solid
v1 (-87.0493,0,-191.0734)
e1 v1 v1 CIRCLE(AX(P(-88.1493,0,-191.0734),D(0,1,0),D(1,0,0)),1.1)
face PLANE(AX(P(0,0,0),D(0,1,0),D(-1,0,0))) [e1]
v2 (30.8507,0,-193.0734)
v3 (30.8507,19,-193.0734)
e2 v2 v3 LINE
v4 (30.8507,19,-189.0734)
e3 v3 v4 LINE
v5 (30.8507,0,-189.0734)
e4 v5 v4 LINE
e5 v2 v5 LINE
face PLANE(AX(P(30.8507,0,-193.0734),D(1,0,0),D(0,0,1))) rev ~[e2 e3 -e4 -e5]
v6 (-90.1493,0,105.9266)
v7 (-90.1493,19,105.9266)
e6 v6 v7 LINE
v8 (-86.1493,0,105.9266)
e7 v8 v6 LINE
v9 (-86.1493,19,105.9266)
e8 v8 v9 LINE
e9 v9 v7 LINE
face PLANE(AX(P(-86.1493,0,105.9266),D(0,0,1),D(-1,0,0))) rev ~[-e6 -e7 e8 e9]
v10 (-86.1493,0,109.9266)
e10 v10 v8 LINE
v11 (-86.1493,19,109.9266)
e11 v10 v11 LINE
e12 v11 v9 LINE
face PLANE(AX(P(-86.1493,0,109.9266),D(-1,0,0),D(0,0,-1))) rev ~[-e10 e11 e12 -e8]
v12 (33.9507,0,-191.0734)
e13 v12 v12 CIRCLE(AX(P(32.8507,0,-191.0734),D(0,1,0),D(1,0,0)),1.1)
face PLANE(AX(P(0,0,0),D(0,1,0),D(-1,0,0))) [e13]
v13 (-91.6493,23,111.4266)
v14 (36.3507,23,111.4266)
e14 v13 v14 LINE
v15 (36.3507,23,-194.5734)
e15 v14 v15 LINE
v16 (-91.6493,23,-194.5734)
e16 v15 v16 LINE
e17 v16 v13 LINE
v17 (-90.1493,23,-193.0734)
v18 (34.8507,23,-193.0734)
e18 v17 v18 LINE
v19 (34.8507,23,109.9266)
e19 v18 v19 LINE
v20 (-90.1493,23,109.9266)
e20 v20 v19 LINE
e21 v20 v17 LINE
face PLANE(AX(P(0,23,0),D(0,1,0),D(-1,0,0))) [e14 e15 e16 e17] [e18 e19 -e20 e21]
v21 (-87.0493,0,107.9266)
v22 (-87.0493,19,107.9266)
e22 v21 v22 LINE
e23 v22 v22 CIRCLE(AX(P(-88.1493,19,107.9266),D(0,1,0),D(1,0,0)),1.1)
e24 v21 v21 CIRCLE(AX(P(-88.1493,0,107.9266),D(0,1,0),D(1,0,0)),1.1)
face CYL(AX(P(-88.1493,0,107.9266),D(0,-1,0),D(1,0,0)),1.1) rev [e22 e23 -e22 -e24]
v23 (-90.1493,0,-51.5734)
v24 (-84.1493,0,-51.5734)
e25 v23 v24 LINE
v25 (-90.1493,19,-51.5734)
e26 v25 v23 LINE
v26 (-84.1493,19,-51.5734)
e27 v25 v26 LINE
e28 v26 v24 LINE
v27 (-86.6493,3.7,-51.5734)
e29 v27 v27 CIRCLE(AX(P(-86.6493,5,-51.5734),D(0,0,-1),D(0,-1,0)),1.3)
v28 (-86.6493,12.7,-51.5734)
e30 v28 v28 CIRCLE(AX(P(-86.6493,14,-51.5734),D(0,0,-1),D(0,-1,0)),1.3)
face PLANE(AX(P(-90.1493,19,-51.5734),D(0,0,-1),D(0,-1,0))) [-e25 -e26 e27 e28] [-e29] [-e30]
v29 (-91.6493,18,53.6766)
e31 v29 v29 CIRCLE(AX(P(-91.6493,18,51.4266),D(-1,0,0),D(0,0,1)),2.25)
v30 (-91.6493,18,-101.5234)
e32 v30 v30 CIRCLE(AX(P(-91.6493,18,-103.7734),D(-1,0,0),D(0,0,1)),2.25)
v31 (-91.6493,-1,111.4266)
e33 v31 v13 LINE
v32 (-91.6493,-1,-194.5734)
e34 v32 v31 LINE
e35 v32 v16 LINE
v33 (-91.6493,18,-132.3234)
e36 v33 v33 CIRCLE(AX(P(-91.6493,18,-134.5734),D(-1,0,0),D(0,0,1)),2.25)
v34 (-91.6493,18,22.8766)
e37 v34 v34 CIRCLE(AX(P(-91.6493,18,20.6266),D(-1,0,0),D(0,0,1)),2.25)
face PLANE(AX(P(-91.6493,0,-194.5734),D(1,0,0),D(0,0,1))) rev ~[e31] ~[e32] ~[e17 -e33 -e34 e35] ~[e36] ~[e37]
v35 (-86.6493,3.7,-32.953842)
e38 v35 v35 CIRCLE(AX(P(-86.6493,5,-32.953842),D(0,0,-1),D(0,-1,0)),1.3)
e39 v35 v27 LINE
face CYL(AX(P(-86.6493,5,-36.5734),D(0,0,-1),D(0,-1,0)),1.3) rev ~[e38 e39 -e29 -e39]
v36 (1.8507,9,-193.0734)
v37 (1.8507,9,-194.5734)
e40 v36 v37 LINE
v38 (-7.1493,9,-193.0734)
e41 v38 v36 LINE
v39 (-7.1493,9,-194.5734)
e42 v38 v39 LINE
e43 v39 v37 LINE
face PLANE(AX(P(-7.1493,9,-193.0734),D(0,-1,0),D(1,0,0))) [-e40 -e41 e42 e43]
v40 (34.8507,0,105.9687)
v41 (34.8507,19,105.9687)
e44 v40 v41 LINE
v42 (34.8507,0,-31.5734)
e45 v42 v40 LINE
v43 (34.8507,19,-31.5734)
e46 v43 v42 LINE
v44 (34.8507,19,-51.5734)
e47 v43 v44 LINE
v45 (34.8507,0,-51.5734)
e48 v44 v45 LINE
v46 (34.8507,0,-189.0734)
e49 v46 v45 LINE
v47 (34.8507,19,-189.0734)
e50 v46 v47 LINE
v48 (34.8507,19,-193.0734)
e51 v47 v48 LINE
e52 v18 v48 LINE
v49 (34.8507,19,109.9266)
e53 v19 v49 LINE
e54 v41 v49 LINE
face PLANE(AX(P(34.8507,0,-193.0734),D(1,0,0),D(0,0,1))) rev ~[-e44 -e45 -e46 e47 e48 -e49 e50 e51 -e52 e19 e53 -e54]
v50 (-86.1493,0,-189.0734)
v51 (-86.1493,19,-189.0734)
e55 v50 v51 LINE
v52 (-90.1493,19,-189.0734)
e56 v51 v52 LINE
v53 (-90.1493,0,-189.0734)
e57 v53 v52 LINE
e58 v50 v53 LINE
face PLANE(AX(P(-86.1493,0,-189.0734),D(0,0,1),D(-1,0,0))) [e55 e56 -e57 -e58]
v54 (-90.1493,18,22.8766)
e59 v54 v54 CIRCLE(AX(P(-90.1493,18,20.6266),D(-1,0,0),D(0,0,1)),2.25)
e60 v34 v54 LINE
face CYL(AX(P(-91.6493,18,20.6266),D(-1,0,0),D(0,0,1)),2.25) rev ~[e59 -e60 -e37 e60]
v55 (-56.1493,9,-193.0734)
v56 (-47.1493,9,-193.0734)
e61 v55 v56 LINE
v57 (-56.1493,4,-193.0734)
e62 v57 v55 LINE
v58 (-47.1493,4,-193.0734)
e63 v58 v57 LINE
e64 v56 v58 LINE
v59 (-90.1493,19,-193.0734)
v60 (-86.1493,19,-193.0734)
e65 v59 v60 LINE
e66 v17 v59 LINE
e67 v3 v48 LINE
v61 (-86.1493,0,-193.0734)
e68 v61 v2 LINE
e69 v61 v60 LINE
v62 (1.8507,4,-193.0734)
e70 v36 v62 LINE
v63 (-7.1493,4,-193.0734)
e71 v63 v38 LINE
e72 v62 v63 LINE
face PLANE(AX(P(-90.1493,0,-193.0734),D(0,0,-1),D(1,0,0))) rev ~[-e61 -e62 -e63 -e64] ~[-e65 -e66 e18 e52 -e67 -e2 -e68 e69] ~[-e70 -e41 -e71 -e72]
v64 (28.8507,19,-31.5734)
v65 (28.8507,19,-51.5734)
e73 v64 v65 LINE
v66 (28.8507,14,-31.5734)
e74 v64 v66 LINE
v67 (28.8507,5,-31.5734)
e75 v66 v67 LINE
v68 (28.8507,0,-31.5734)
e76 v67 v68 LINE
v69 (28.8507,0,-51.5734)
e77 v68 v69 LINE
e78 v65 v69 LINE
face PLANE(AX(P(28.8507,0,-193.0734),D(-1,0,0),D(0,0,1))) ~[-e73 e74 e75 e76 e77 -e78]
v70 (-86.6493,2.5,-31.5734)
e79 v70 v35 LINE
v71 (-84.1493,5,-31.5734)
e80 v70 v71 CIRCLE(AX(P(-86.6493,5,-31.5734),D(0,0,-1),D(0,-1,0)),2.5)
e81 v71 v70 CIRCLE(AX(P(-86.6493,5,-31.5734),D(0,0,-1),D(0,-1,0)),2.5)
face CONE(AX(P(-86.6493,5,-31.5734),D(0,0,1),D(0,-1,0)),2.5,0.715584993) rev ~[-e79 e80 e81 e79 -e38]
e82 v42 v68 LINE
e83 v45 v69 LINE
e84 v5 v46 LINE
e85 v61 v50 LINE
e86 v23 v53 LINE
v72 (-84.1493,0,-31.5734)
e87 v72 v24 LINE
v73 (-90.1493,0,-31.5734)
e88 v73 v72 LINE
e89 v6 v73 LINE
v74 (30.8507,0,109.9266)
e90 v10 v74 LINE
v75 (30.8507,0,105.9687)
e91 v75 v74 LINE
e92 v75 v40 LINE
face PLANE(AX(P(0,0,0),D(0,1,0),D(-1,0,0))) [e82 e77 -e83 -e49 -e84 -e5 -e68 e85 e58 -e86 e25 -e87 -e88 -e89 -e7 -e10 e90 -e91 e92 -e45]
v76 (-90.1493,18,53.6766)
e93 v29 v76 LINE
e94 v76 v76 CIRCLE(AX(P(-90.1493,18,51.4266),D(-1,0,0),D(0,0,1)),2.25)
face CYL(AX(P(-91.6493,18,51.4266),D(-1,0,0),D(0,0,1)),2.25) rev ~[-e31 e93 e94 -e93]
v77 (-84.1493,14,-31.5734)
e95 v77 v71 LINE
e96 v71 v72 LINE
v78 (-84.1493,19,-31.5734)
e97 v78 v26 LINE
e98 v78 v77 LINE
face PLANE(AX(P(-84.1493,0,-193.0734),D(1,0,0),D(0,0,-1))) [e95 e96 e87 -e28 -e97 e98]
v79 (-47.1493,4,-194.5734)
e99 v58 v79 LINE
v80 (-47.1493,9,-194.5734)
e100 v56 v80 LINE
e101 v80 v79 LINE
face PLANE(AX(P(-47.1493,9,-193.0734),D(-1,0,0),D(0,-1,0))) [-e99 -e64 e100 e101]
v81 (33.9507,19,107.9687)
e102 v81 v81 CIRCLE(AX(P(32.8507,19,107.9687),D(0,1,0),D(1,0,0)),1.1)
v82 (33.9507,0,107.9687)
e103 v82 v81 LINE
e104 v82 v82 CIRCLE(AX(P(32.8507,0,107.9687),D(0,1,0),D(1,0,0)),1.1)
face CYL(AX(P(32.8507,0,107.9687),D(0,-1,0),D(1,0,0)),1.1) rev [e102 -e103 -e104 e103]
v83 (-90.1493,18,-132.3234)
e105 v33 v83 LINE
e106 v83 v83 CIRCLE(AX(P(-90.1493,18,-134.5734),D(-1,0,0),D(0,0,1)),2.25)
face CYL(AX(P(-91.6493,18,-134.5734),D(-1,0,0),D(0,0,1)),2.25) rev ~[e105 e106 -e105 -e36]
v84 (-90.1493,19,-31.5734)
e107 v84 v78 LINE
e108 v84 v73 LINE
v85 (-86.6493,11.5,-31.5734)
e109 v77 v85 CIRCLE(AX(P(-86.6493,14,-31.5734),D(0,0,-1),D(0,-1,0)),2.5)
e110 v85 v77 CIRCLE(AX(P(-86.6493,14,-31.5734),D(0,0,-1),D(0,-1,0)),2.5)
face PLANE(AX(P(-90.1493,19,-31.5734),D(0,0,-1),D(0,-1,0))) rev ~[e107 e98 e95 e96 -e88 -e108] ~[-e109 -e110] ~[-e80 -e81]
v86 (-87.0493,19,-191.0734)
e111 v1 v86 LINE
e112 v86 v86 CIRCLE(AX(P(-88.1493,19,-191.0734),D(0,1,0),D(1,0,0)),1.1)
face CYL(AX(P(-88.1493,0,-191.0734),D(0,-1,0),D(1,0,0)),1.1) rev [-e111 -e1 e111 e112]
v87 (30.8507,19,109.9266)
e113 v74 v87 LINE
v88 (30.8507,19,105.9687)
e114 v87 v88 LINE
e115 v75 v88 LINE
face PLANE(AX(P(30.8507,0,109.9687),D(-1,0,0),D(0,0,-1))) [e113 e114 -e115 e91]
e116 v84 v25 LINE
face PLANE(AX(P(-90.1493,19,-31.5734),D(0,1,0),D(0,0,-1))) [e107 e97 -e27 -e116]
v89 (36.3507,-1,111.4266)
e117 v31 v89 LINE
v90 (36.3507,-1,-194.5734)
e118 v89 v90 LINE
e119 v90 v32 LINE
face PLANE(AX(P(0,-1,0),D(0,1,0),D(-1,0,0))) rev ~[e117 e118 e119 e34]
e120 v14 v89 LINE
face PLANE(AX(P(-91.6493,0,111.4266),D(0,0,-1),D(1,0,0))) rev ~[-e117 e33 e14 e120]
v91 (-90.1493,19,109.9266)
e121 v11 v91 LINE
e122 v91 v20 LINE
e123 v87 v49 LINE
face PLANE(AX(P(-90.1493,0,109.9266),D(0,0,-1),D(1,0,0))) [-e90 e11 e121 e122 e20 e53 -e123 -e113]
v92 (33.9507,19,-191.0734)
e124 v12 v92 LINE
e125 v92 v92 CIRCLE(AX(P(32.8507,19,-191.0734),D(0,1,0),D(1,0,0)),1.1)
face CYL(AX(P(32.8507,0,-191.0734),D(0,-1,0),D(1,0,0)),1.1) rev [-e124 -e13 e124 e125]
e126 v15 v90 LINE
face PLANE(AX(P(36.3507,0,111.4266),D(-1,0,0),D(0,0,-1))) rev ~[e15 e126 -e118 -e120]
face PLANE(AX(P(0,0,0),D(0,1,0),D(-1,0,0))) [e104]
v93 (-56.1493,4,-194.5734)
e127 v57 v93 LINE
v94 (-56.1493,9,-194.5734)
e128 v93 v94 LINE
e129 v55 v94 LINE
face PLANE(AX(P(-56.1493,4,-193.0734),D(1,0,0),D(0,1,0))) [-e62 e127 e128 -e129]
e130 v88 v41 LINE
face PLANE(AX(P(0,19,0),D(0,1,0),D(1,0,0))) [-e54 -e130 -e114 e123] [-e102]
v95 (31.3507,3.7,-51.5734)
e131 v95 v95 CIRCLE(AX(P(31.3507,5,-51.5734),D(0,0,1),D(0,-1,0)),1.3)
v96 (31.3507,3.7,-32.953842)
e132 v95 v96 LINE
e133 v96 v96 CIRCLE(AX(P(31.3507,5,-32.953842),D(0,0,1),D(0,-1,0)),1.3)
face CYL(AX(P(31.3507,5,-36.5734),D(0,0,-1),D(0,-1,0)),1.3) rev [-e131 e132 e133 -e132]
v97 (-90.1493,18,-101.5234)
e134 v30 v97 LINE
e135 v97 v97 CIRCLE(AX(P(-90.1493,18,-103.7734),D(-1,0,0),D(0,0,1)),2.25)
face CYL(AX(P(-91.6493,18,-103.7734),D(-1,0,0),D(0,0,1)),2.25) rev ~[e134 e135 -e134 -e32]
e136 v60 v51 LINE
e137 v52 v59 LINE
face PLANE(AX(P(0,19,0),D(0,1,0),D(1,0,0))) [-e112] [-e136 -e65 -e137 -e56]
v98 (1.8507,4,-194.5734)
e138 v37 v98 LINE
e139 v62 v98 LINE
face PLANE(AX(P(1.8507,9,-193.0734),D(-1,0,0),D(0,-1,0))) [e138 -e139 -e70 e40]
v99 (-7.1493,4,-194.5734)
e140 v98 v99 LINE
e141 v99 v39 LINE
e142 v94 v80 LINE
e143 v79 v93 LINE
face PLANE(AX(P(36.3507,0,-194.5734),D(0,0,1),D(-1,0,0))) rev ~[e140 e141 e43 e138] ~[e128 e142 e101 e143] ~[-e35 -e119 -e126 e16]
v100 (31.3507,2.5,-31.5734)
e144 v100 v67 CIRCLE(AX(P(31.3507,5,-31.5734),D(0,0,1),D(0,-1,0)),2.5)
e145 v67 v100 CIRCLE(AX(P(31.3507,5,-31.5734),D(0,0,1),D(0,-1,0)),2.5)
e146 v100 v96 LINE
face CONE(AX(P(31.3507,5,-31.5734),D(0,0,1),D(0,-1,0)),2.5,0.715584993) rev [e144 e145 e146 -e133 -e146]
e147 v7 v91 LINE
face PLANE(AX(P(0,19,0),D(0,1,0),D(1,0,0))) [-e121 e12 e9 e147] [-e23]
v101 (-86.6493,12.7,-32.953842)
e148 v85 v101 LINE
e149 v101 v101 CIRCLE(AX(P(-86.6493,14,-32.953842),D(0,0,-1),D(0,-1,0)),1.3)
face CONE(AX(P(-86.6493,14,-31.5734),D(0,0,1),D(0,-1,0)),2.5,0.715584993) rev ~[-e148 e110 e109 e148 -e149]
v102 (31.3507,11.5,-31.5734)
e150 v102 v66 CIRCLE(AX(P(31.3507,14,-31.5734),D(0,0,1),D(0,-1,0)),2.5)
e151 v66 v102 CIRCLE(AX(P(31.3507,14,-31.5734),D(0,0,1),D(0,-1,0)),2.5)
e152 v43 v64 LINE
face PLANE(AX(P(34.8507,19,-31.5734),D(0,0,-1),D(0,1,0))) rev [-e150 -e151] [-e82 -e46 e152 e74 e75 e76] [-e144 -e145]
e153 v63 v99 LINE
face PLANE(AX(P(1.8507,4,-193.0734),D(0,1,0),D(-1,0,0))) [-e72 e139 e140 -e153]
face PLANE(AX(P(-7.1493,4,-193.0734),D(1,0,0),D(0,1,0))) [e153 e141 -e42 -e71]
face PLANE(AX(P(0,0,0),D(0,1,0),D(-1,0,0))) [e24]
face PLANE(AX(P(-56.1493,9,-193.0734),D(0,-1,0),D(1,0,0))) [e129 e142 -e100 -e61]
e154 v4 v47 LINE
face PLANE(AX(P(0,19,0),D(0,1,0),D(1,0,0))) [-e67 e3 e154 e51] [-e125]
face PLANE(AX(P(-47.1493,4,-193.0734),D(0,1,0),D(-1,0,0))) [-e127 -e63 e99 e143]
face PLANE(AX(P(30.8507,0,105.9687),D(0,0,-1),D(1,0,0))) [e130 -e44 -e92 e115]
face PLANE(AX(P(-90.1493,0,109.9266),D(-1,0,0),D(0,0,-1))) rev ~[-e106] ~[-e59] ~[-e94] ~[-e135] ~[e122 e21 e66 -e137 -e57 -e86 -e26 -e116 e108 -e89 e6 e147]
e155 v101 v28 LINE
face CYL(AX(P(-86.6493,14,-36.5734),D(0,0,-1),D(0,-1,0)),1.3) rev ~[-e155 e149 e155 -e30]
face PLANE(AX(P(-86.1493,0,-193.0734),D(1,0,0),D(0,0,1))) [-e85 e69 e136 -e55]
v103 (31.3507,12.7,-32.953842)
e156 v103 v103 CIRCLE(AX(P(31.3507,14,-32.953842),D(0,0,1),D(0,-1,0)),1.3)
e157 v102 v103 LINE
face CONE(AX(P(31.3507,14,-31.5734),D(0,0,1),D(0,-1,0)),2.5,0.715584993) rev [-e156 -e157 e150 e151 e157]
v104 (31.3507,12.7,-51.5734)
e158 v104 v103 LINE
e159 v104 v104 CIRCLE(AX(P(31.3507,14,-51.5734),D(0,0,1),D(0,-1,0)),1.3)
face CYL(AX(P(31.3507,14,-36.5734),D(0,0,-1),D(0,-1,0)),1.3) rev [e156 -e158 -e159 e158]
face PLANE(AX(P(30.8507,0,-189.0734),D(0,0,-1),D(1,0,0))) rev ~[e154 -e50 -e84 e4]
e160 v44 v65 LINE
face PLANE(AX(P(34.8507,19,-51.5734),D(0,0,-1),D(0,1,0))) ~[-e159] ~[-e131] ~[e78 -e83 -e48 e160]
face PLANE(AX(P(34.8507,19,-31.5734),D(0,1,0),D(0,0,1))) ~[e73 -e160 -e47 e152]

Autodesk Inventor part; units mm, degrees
ref_plane "YZ Plane" through (0, 0, 0) normal (1, 0, 0) x (0, 1, 0)
ref_plane "XZ Plane" through (0, 0, 0) normal (0, 1, 0) x (-1, 0, 0)
ref_plane "XY Plane" through (0, 0, 0) normal (0, 0, 1) x (1, 0, 0)
sketch "Sketch1" plane through (0, 0, 0) normal (0, 1, 0) x (-1, 0, 0)
  line L0 (80.1493, 105.9266) -> (-24.8507, 105.9266) construction
  line L1 (-24.8507, 105.9266) -> (-24.8507, -189.0734) construction
  line L2 (-24.8507, -189.0734) -> (80.1493, -189.0734) construction
  line L3 (80.1493, -189.0734) -> (80.1493, 105.9266) construction
  line L4 (80.1493, 91.9266) -> (83.1493, 91.9266) construction
  line L5 (83.1493, 91.9266) -> (83.1493, 84.3266) construction
  line L6 (83.1493, 84.3266) -> (80.1493, 84.3266) construction
  line L7 (80.1493, 84.3266) -> (80.1493, 91.9266) construction
  point P0 (0, 0)
  dimension "d0" = 295
  dimension "d1" = 105
  dimension "d2" = 7.6
  dimension "d3" = 3
  dimension "d4" = 14
sketch "Sketch2" plane through (0, 0, 0) normal (0, 1, 0) x (-1, 0, 0)
  line L0 (80.1493, -189.0734) -> (80.1493, 105.9266) construction
  line L1 (-24.8507, -189.0734) -> (80.1493, -189.0734) construction
  line L2 (-24.8507, 105.9266) -> (-24.8507, -189.0734) construction
  line L3 (80.1493, 105.9266) -> (-24.8507, 105.9266) construction
  line L4 (90.1493, 109.9266) -> (90.1493, -193.0734)
  line L5 (-34.8507, -193.0734) -> (-34.8507, 109.9266)
  line L6 (90.1493, 109.9266) -> (-34.8507, 109.9266)
  line L7 (90.1493, -193.0734) -> (-34.8507, -193.0734)
  line L8 (91.6493, -194.5734) -> (91.6493, 111.4266)
  line L9 (91.6493, 111.4266) -> (-36.3507, 111.4266)
  line L10 (-36.3507, 111.4266) -> (-36.3507, -194.5734)
  line L11 (-36.3507, -194.5734) -> (91.6493, -194.5734)
  dimension "d71" = 10
  dimension "d72" = 4
  dimension "d73" = 10
  dimension "d74" = 4
  dimension "d75" = 1.5
extrude "Extrusion1" add sketch "Sketch2" against normal blind 1 contours L4 L7 L5 L6
extrude "Extrusion2" add sketch "Sketch2" along normal blind 23 and the other way blind 1
sketch "Sketch5" plane through (-91.6493, -1, 111.4266) normal (-1, 0, 0) x (0, 0, 1)
  circle A0 centre (-246, 19) radius 2.25
  circle A1 centre (-90.8, 19) radius 2.25
  circle A2 centre (-215.2, 19) radius 2.25
  circle A3 centre (-60, 19) radius 2.25
  line L0 (0, 0) -> (0, 24) projected
  line L1 (-306, 24) -> (0, 24) projected
  line L2 (-306, 24) -> (-306, 0) projected
  line L3 (0, 0) -> (-306, 0) projected
  point P0 (-111.4266, 1)
  dimension "d35" = 4.5
  dimension "d37" = 4.5
  dimension "d39" = 4.5
  dimension "d40" = 0
  dimension "d41" = 30.8
  dimension "d45" = 4.5
  dimension "d46" = 0
  dimension "d47" = 30.8
  dimension "d76" = 60
  dimension "d77" = 60
  dimension "d144" = 5
  dimension "d145" = 5
extrude "Extrusion4" cut sketch "Sketch5" against normal up to surface (1.5 mm away) contours A0 | A1 | A2 | A3
sketch "Sketch7" plane through (-90.1493, 0, -193.0734) normal (1, 0, 0) x (0, 0, -1)
  line L0 (-151.5, 23) -> (-151.5, 0) construction
  line L1 (-141.5, 19) -> (-141.5, 0)
  line L2 (-161.5, 19) -> (-161.5, 0)
  line L3 (-303, 23) -> (0, 23) projected
  line L4 (-303, 0) -> (0, 0) projected
  line L5 (0, 23) -> (0, 0) projected
  line L6 (-161.5, 19) -> (-141.5, 19)
  point P0 (-141.5, 23)
  point P1 (-161.5, 23)
  dimension "d106" = 10
  dimension "d107" = 10
  dimension "d148" = 151.5
  dimension "d149" = 151.5
  dimension "d193" = 19
extrude "Extrusion6" add sketch "Sketch7" along normal blind 6
ref_plane "Work Plane2" through (-27.6493, 0, 109.9266) normal (1, 0, 0) x (0, 0, -1)
ref_plane "Work Plane4" through (-90.1493, 0, -41.5734) normal (0, 0, 1) x (1, 0, 0)
sketch "Sketch16" plane through (-90.1493, 0, -31.5734) normal (0, 0, 1) x (1, 0, 0)
  line L0 (0, 0) -> (0, 19) projected
  line L1 (0, 19) -> (6, 19) projected
  point P0 (90.1493, 0)
  point P1 (3.5, 14)
  dimension "d108" = 3.5
  dimension "d194" = 5
hole "Hole3" at (-86.6493, 14, -31.5734) direction (0, 0, -1) diameter 2.6 depth 5 countersink diameter 5 countersink angle 82
sketch "Sketch17" plane through (-86.6493, 14, -36.5734) normal (0, 0, 1) x (1, 0, 0)
  circle A0 centre (0, 0) radius 1.3 projected
  point P0 (86.6493, -14)
hole "Hole4" at (-86.6493, 14, -36.5734) direction (0, 0, -1) diameter 2.6 depth 15 tip angle 118
sketch "Sketch18" plane through (-90.1493, 0, -31.5734) normal (0, 0, 1) x (1, 0, 0)
  line L0 (0, 0) -> (0, 19) projected
  line L1 (6, 0) -> (0, 0) projected
  point P0 (90.1493, 0)
  point P1 (3.5, 5)
  point P2 (0, 18)
  point P3 (0, 23)
  dimension "d124" = 3.5
  dimension "d125" = 5
hole "Hole5" at (-86.6493, 5, -31.5734) direction (0, 0, -1) diameter 2.6 depth 5 countersink diameter 5 countersink angle 82
sketch "Sketch19" plane through (-86.6493, 5, -36.5734) normal (0, 0, 1) x (1, 0, 0)
  circle A0 centre (0, 0) radius 1.3 projected
  point P0 (86.6493, -5)
hole "Hole6" at (-86.6493, 5, -36.5734) direction (0, 0, -1) diameter 2.6 depth 15 tip angle 118
mirror "Mirror6" about plane through (-27.6493, 0, 109.9266) normal (1, 0, 0) of "Extrusion6", "Hole3", "Hole5", "Hole4", "Hole6"
sketch "Sketch23" plane through (0, 0, 0) normal (0, 1, 0) x (1, 0, 0)
  line L0 (-90.1493, 193.0734) -> (34.8507, 193.0734) projected
  line L1 (34.8507, 193.0734) -> (30.8507, 193.0734)
  line L2 (30.8507, 193.0734) -> (30.8507, 189.0734)
  line L3 (30.8507, 189.0734) -> (34.8507, 189.0734)
  line L4 (34.8507, 189.0734) -> (34.8507, 193.0734)
  circle A0 centre (32.8507, 191.0734) radius 1.1
  line L5 (-90.1493, 193.0734) -> (-86.1493, 193.0734)
  line L6 (-86.1493, 193.0734) -> (-86.1493, 189.0734)
  line L7 (-86.1493, 189.0734) -> (-90.1493, 189.0734)
  line L8 (-90.1493, 189.0734) -> (-90.1493, 193.0734)
  circle A1 centre (-88.1493, 191.0734) radius 1.1
  line L9 (34.8507, -109.9687) -> (30.8507, -109.9687)
  line L10 (30.8507, -109.9687) -> (30.8507, -105.9687)
  line L11 (30.8507, -105.9687) -> (34.8507, -105.9687)
  line L12 (34.8507, -105.9687) -> (34.8507, -109.9687)
  circle A2 centre (32.8507, -107.9687) radius 1.1
  line L13 (34.8507, -109.9266) -> (-90.1493, -109.9266) projected
  line L14 (-90.1493, -109.9266) -> (-86.1493, -109.9266)
  line L15 (-86.1493, -109.9266) -> (-86.1493, -105.9266)
  line L16 (-86.1493, -105.9266) -> (-90.1493, -105.9266)
  line L17 (-90.1493, -105.9266) -> (-90.1493, -109.9266)
  circle A3 centre (-88.1493, -107.9266) radius 1.1
  point P0 (0, 0)
  dimension "d159" = 4
  dimension "d160" = 4
  dimension "d161" = 2.2
  dimension "d162" = 2
  dimension "d163" = 2
  dimension "d164" = 4
  dimension "d165" = 4
  dimension "d166" = 2.2
  dimension "d167" = 2
  dimension "d168" = 2
  dimension "d169" = 4
  dimension "d170" = 4
  dimension "d171" = 2.2
  dimension "d172" = 2
  dimension "d173" = 2
  dimension "d174" = 4
  dimension "d175" = 4
  dimension "d176" = 2.2
  dimension "d177" = 2
  dimension "d178" = 2
extrude "Extrusion14" add sketch "Sketch23" along normal blind 19
sketch "Sketch24" plane through (-90.1493, 23, -193.0734) normal (0, 0, 1) x (1, 0, 0)
  line L0 (34, -14) -> (43, -14)
  line L1 (43, -14) -> (43, -19)
  line L2 (43, -19) -> (34, -19)
  line L3 (34, -19) -> (34, -14)
  line L4 (4, -23) -> (121, -23) projected
  line L5 (4, -23) -> (4, -4) projected
  line L6 (83, -14) -> (92, -14)
  line L7 (92, -14) -> (92, -19)
  line L8 (92, -19) -> (83, -19)
  line L9 (83, -19) -> (83, -14)
  point P0 (90.1493, -23)
  dimension "d181" = 9
  dimension "d182" = 5
  dimension "d183" = 4
  dimension "d184" = 30
  dimension "d187" = 9
  dimension "d188" = 5
  dimension "d189" = 40
  dimension "d190" = 4
extrude "Extrusion15" cut sketch "Sketch24" against normal through all
sketch "Sketch25" plane through (-90.1493, 0, -41.5734) normal (0, 0, 1) x (1, 0, 0)
  line L0 (169.9232, 195.9359) -> (-46.5393, 195.9359)
  line L1 (-46.5393, 195.9359) -> (-46.5393, -158.6148)
  line L2 (-46.5393, -158.6148) -> (169.9232, -158.6148)
  line L3 (169.9232, -158.6148) -> (169.9232, 195.9359)
  point P0 (90.1493, 0)
extrude "Extrusion16" [suppressed]
sketch "Sketch27" plane through (0, 23, 0) normal (0, 1, 0) x (1, 0, 0)
  line L0 (34.8507, 193.0734) -> (34.8507, -109.9266) projected
  line L1 (-90.1493, 193.0734) -> (34.8507, 193.0734) projected
  line L2 (-90.1493, -109.9266) -> (-90.1493, 193.0734) projected
  line L3 (34.8507, -109.9266) -> (-90.1493, -109.9266) projected
  line L4 (-90.1493, 136.8234) -> (-90.1493, 132.3234) projected
  line L5 (-91.6493, 132.3234) -> (-91.6493, 136.8234) projected
  line L6 (-91.6493, 101.5234) -> (-91.6493, 106.0234) projected
  line L7 (-91.6493, -22.8766) -> (-91.6493, -18.3766) projected
  line L8 (-91.6493, -53.6766) -> (-91.6493, -49.1766) projected
  point P0 (0, 0)
  dimension "d196" = 56.25
  dimension "d197" = 4.5
  dimension "d198" = 26.3
  dimension "d199" = 4.5
  dimension "d200" = 119.9
  dimension "d201" = 4.5
  dimension "d202" = 26.3
  dimension "d203" = 4.5
  dimension "d204" = 56.25
properties part number "Case Board"
